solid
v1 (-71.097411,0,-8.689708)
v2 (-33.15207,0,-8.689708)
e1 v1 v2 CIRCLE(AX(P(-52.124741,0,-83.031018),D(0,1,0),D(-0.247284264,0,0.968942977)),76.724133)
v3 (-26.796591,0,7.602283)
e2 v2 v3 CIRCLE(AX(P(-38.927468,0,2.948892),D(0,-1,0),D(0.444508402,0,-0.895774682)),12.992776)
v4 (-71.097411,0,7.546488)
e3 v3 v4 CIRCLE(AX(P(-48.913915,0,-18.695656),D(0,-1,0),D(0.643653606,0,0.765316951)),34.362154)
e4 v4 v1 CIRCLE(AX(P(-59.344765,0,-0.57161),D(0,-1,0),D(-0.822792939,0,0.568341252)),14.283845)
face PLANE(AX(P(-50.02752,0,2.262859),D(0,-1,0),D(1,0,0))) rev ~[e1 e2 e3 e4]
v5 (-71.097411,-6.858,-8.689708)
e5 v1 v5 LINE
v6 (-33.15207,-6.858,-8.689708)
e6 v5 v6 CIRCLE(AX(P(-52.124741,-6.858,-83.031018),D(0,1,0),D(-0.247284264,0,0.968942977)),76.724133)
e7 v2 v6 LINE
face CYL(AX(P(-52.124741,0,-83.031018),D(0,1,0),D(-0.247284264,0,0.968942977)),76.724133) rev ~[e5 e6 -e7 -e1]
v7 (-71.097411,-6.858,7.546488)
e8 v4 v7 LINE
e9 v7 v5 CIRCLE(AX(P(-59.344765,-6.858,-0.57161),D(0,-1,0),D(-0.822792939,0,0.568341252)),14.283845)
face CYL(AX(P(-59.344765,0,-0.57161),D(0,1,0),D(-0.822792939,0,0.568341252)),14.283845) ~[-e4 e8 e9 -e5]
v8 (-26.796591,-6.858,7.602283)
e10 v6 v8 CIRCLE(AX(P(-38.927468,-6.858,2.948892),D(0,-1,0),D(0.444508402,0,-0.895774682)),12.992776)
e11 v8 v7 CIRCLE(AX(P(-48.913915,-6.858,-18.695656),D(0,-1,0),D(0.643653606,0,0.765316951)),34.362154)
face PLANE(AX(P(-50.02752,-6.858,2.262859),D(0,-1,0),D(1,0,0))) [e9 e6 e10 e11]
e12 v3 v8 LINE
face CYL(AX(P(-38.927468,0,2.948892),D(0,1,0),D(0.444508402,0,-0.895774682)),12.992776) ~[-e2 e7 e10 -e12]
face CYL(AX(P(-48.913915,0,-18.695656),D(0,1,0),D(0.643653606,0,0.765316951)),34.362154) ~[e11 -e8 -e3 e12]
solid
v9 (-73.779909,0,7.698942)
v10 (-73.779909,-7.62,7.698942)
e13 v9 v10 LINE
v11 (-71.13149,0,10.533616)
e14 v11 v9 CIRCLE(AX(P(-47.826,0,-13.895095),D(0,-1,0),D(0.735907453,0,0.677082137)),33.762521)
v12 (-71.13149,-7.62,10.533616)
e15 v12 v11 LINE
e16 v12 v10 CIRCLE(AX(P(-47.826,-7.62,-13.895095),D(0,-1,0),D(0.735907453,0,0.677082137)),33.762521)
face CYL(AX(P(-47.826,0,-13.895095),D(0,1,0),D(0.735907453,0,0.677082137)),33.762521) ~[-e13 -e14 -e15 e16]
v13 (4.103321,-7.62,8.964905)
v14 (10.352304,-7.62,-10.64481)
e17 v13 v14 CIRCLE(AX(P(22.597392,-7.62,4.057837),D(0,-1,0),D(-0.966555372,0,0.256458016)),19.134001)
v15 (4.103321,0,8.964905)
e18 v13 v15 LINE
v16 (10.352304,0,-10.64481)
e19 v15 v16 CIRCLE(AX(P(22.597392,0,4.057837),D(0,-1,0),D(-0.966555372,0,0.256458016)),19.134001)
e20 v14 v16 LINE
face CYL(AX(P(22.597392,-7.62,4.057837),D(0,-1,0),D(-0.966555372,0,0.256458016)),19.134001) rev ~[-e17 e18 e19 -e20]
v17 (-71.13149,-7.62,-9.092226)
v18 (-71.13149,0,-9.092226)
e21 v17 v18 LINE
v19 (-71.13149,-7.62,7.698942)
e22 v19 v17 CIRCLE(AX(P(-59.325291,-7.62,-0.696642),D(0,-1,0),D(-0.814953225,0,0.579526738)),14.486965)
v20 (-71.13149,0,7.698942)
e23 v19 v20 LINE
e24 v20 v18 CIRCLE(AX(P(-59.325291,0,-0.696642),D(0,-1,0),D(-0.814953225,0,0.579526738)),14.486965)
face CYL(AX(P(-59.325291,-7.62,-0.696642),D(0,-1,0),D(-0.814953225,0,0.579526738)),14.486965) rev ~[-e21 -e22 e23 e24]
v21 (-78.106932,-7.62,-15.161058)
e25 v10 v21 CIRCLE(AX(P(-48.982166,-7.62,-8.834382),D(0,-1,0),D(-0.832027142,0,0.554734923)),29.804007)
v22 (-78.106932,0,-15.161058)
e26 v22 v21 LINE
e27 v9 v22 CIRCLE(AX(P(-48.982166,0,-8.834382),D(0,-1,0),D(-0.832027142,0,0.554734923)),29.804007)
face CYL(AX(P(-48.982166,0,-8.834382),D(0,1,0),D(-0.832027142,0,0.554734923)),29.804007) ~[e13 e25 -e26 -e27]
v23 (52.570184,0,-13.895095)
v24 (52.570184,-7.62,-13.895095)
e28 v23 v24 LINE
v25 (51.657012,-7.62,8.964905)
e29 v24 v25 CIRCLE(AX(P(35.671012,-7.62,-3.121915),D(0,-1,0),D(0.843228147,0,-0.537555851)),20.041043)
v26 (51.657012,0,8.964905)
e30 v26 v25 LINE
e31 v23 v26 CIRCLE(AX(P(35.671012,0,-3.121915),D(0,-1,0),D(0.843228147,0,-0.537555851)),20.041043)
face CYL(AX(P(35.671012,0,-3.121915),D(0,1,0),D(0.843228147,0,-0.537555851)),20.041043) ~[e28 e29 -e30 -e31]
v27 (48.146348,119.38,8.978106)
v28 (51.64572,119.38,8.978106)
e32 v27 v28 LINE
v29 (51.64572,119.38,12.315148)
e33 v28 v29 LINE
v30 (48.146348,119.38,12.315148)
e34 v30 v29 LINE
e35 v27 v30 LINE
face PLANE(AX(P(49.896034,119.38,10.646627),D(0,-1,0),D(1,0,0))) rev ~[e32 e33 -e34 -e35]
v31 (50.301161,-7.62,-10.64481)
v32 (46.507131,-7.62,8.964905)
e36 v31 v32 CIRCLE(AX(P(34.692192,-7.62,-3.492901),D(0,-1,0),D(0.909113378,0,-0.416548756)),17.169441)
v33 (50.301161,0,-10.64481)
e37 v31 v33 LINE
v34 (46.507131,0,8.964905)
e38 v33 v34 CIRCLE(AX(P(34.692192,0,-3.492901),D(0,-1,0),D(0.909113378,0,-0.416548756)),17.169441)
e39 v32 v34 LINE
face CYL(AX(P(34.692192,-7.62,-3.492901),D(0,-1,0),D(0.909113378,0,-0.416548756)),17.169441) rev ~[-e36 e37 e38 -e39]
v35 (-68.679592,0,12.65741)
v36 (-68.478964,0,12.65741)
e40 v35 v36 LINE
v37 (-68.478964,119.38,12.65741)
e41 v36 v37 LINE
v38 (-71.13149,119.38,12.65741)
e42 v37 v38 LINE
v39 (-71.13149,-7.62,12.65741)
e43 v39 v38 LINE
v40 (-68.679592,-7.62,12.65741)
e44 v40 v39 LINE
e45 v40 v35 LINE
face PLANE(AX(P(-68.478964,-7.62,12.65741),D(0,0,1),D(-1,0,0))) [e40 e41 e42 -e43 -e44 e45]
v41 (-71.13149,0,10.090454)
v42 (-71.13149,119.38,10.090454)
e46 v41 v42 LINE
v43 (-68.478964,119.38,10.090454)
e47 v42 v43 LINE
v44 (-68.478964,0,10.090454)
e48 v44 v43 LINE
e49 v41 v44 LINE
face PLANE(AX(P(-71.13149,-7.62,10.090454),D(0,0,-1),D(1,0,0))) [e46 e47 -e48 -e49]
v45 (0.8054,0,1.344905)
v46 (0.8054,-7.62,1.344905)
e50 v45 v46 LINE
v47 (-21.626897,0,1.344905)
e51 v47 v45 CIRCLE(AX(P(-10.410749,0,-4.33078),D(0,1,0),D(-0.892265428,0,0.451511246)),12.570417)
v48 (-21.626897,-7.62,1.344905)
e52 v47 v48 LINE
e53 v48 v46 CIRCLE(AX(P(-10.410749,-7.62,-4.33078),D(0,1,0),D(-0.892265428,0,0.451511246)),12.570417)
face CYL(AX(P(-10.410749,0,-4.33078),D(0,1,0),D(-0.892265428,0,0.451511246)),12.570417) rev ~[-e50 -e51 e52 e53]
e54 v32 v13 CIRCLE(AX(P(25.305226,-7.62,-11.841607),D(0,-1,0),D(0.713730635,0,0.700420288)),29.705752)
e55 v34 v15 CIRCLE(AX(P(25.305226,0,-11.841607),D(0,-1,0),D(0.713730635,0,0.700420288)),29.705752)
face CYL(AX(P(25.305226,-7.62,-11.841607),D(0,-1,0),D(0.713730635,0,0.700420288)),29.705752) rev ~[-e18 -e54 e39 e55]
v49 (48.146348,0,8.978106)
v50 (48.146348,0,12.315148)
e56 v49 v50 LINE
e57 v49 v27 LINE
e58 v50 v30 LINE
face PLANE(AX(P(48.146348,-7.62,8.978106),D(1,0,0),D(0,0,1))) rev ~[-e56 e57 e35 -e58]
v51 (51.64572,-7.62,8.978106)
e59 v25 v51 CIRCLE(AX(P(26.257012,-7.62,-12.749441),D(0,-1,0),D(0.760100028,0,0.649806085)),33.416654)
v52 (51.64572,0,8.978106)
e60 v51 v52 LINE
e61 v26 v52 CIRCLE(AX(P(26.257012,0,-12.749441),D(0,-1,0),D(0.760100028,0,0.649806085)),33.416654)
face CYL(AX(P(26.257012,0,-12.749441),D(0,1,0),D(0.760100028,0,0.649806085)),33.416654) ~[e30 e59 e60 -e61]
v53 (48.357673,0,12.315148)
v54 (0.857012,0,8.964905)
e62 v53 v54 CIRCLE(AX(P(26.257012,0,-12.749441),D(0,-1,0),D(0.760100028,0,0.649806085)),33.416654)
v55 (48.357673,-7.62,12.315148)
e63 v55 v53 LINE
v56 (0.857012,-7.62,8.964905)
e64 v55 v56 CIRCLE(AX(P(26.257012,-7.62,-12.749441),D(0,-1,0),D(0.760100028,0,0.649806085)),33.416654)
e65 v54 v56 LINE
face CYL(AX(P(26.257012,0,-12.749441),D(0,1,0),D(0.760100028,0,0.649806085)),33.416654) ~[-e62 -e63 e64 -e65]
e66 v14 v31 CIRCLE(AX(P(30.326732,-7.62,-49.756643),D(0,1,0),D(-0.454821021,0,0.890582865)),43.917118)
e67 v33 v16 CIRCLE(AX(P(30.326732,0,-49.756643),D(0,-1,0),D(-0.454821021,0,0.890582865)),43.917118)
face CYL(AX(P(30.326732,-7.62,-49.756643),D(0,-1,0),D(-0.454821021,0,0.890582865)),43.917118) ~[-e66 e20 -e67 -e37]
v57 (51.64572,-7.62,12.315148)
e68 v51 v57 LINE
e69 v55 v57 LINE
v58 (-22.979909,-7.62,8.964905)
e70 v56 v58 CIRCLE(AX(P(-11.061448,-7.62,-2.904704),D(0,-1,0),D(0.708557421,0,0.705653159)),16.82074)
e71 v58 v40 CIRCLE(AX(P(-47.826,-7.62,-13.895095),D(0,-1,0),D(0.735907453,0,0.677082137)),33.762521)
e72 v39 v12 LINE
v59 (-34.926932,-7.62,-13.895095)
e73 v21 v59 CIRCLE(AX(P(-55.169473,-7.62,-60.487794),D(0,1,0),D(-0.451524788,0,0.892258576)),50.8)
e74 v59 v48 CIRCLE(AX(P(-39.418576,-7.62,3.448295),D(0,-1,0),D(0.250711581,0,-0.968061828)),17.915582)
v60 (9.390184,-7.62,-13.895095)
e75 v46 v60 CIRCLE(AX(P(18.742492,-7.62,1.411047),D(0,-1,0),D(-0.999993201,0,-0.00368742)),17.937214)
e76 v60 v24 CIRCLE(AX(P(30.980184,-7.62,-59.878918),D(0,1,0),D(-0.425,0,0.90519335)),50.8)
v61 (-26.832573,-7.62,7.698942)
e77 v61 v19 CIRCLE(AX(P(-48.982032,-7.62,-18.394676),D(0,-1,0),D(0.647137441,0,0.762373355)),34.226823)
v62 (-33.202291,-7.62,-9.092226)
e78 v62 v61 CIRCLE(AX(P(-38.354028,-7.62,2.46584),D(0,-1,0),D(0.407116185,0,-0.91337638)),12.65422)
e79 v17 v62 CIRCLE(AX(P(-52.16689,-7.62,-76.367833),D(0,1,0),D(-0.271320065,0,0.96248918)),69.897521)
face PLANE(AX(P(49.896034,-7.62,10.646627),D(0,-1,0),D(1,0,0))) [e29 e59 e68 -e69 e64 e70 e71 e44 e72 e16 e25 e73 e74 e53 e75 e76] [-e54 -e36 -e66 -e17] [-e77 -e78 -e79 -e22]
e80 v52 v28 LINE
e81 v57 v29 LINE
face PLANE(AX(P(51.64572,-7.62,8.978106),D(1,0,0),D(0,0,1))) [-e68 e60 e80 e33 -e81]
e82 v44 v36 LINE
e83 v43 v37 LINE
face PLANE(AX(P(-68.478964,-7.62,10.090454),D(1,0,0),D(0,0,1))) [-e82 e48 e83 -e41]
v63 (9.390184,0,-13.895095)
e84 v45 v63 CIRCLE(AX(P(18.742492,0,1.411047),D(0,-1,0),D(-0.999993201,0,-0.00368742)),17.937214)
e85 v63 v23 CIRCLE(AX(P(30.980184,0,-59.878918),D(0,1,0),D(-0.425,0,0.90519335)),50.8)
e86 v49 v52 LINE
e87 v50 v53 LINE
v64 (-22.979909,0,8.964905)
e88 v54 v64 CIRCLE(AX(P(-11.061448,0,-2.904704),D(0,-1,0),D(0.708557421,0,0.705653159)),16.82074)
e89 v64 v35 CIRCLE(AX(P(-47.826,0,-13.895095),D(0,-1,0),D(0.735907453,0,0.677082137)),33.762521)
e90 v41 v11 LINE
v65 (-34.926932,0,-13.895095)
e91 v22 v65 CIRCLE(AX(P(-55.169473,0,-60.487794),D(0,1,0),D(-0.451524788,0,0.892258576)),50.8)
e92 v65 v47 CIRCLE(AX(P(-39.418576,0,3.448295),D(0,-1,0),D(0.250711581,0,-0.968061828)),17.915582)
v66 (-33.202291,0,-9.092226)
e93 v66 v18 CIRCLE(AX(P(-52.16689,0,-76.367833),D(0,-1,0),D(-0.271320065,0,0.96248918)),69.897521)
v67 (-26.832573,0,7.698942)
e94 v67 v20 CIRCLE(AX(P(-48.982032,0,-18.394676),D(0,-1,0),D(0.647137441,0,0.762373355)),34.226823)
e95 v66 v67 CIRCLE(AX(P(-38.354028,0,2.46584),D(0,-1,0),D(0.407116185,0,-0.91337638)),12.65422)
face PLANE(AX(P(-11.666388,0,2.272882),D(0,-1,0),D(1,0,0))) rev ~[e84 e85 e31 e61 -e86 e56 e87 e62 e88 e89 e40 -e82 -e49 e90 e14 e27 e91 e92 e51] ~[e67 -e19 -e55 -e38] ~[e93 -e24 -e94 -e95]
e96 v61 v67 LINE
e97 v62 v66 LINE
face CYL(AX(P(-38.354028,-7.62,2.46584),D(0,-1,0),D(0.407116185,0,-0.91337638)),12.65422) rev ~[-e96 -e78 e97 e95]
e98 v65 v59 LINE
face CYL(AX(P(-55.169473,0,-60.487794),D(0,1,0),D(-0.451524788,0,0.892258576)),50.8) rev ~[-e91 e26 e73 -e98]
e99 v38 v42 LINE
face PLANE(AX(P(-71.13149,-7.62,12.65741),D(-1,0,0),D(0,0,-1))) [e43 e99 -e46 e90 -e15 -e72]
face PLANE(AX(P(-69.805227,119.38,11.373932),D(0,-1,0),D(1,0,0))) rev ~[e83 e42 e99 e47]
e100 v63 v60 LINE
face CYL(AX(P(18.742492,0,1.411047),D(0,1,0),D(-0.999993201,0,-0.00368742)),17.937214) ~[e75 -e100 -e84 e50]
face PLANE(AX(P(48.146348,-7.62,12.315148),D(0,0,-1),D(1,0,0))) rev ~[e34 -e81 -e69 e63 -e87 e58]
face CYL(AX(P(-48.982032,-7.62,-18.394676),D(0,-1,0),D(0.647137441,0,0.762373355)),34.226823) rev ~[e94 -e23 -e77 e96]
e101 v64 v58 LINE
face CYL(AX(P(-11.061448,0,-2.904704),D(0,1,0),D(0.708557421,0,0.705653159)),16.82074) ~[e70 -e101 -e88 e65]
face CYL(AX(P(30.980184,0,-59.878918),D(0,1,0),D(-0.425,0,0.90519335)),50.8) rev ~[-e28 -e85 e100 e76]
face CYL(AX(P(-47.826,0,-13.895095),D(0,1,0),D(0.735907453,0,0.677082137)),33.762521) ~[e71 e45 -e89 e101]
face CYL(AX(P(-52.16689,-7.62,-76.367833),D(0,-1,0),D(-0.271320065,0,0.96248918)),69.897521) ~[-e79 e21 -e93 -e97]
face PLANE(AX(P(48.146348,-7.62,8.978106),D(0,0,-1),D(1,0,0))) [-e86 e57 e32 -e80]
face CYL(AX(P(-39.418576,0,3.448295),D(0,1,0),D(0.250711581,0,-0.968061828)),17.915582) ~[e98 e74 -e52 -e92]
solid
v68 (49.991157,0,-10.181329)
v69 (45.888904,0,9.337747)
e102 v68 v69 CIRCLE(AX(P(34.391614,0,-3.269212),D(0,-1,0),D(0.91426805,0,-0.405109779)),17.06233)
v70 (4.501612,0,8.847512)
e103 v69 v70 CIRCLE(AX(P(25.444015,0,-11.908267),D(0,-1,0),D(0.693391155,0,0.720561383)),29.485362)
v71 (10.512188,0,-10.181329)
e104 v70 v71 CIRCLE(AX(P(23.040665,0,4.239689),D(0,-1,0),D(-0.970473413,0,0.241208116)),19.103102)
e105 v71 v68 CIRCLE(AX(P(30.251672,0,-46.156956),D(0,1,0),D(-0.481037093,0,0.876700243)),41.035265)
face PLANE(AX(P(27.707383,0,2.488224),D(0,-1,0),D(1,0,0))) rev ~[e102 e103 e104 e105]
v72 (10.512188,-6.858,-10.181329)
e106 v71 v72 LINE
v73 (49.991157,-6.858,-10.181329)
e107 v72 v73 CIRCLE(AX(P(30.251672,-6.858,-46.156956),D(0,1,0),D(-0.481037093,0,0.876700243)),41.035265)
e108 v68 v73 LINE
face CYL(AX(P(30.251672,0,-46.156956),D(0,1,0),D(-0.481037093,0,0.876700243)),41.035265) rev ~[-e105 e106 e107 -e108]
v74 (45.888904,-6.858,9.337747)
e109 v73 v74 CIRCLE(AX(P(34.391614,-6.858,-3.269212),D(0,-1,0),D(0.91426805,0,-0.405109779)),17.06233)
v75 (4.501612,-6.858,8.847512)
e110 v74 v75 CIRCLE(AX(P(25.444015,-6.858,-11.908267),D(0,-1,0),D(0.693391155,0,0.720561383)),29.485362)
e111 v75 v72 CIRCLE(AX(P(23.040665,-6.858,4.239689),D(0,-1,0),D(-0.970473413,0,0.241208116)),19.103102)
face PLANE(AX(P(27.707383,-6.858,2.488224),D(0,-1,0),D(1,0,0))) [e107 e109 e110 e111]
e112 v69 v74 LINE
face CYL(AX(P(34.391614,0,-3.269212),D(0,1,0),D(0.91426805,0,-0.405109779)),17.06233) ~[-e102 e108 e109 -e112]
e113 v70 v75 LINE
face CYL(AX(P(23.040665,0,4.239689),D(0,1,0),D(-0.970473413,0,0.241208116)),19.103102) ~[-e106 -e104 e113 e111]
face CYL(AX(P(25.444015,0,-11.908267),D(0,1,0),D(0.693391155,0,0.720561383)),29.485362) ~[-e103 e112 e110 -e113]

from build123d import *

# Parameters (mm, degrees)
F1_DEPTH  = 7.62
F2_W      = 3.5081729293
F2_H      = 3.3370414749
F3_DEPTH  = 25.4
F4_W      = 2.6525259018
F4_H      = 2.5669550523
F5_DEPTH  = 25.4
F9_DEPTH  = 25.4
F11_DEPTH = 6.858
F13_DEPTH = 25.4
F15_DEPTH = 6.858
F7_W      = 3.499371708
F7_H      = 3.3370414749
F16_DEPTH = 127


with BuildPart() as f1:
    # F0 (on Front) → F1 (new body)
    with BuildSketch(Plane.XZ):
        with BuildLine():
            ThreePointArc((51.6570120453, 8.9649045263), (26.2570120453, 20.667213597), (0.8570120453, 8.9649045263))
            ThreePointArc((0.8570120453, 8.9649045263), (-11.0614482688, 13.9160362753), (-22.9799085829, 8.9649045263))
            ThreePointArc((-22.9799085829, 8.9649045263), (-48.6671182353, 19.8569467975), (-73.7799085829, 7.6989417998))
            ThreePointArc((-73.7799085829, 7.6989417998), (-78.2661911383, -3.2913957408), (-78.1069318422, -15.1610582002))
            ThreePointArc((-78.1069318422, -15.1610582002), (-56.6582008575, -9.7096126313), (-34.9269318422, -13.8950954737))
            ThreePointArc((-34.9269318422, -13.8950954737), (-25.9203901661, -8.3316477048), (-21.6268973038, 1.3449045263))
            ThreePointArc((-21.6268973038, 1.3449045263), (-10.4107487865, 8.2396368891), (0.8053997308, 1.3449045263))
            ThreePointArc((0.8053997308, 1.3449045263), (3.1142404967, -7.3924418733), (9.3901837679, -13.8950954737))
            ThreePointArc((9.3901837679, -13.8950954737), (30.9801837679, -9.0789176289), (52.5701837679, -13.8950954737))
            ThreePointArc((52.5701837679, -13.8950954737), (55.6960845757, -2.3219884954), (51.6570120453, 8.9649045263))
        make_face()
    extrude(amount=F1_DEPTH)

    # F2 (on face) → F3 (cut)
    with BuildSketch(Plane.XZ.offset(7.62)):
        with Locations((49.9004349113, 10.6466268189)):
            Rectangle(F2_W, F2_H)
    extrude(amount=-F3_DEPTH, mode=Mode.SUBTRACT)

    # F4 (on face) → F5 (cut)
    with BuildSketch(Plane.XZ.offset(7.62)):
        with Locations((-69.8052272201, 11.3739320077)):
            Rectangle(F4_W, F4_H)
    extrude(amount=-F5_DEPTH, mode=Mode.SUBTRACT)

    # F8 (on face) → F9 (cut)
    with BuildSketch(Plane.XZ.offset(7.62)):
        with BuildLine():
            ThreePointArc((-33.202290535, -9.0922256932), (-26.5225166851, -2.0224355139), (-26.8325731158, 7.6989417998))
            ThreePointArc((-26.8325731158, 7.6989417998), (-48.9820316434, 15.8321468799), (-71.131490171, 7.6989417998))
            ThreePointArc((-71.131490171, 7.6989417998), (-73.8122563738, -0.6966419467), (-71.131490171, -9.0922256932))
            ThreePointArc((-71.131490171, -9.0922256932), (-52.166890353, -6.4703124091), (-33.202290535, -9.0922256932))
        make_face()
    extrude(amount=-F9_DEPTH, mode=Mode.SUBTRACT)

    # F12 (on face) → F13 (cut)
    with BuildSketch(Plane.XZ.offset(7.62)):
        with BuildLine():
            ThreePointArc((50.3011606634, -10.6448102742), (51.5490277497, -0.2314904944), (46.5071313083, 8.9649045263))
            ThreePointArc((46.5071313083, 8.9649045263), (25.3052259795, 17.8641451804), (4.1033206508, 8.9649045263))
            ThreePointArc((4.1033206508, 8.9649045263), (4.3666706149, -1.7517064777), (10.3523042053, -10.6448102742))
            ThreePointArc((10.3523042053, -10.6448102742), (30.3267324343, -5.839525082), (50.3011606634, -10.6448102742))
        make_face()
    extrude(amount=-F13_DEPTH, mode=Mode.SUBTRACT)

    # F7 (on face) + F6 (on face) → F16 (join)
    with BuildSketch(Plane.XZ.offset(7.62)):
        with Locations((49.8960343006, 10.6466268189)):
            Rectangle(F7_W, F7_H)
    with BuildSketch(Plane.XZ.offset(7.62)):
        Polygon((-68.4789642692, 10.0904544815), (-68.4789642692, 12.6574095339), (-68.6795919821, 12.6574095339), (-71.131490171, 12.6574095339), (-71.131490171, 10.5336160475), (-71.131490171, 10.0904544815), align=None)
    extrude(amount=-F16_DEPTH)


with BuildPart() as f11:
    # F10 (on face) → F11 (new body)
    with BuildSketch(Plane.XZ):
        with BuildLine():
            ThreePointArc((-33.1520698965, -8.6897080764), (-26.8230920622, -1.773005559), (-26.7965905368, 7.6022827998))
            ThreePointArc((-26.7965905368, 7.6022827998), (-48.957192441, 15.6664707084), (-71.0974112153, 7.5464881957))
            ThreePointArc((-71.0974112153, 7.5464881957), (-73.6286093359, -0.5716099404), (-71.0974112153, -8.6897080764))
            ThreePointArc((-71.0974112153, -8.6897080764), (-52.1247405559, -6.306884933), (-33.1520698965, -8.6897080764))
        make_face()
    extrude(amount=F11_DEPTH)


with BuildPart() as f15:
    # F14 (on face) → F15 (new body)
    with BuildSketch(Plane.XZ):
        with BuildLine():
            ThreePointArc((49.9911569059, -10.1813292131), (51.0891638669, 0.2400504094), (45.8889044821, 9.3377465382))
            ThreePointArc((45.8889044821, 9.3377465382), (25.0947840747, 17.5750271949), (4.5016123913, 8.8475123048))
            ThreePointArc((4.5016123913, 8.8475123048), (4.8246815973, -1.5141317655), (10.512188077, -10.1813292131))
            ThreePointArc((10.512188077, -10.1813292131), (30.2516724914, -5.1216910352), (49.9911569059, -10.1813292131))
        make_face()
    extrude(amount=F15_DEPTH)


solid = Compound([f1.part, f11.part, f15.part])
